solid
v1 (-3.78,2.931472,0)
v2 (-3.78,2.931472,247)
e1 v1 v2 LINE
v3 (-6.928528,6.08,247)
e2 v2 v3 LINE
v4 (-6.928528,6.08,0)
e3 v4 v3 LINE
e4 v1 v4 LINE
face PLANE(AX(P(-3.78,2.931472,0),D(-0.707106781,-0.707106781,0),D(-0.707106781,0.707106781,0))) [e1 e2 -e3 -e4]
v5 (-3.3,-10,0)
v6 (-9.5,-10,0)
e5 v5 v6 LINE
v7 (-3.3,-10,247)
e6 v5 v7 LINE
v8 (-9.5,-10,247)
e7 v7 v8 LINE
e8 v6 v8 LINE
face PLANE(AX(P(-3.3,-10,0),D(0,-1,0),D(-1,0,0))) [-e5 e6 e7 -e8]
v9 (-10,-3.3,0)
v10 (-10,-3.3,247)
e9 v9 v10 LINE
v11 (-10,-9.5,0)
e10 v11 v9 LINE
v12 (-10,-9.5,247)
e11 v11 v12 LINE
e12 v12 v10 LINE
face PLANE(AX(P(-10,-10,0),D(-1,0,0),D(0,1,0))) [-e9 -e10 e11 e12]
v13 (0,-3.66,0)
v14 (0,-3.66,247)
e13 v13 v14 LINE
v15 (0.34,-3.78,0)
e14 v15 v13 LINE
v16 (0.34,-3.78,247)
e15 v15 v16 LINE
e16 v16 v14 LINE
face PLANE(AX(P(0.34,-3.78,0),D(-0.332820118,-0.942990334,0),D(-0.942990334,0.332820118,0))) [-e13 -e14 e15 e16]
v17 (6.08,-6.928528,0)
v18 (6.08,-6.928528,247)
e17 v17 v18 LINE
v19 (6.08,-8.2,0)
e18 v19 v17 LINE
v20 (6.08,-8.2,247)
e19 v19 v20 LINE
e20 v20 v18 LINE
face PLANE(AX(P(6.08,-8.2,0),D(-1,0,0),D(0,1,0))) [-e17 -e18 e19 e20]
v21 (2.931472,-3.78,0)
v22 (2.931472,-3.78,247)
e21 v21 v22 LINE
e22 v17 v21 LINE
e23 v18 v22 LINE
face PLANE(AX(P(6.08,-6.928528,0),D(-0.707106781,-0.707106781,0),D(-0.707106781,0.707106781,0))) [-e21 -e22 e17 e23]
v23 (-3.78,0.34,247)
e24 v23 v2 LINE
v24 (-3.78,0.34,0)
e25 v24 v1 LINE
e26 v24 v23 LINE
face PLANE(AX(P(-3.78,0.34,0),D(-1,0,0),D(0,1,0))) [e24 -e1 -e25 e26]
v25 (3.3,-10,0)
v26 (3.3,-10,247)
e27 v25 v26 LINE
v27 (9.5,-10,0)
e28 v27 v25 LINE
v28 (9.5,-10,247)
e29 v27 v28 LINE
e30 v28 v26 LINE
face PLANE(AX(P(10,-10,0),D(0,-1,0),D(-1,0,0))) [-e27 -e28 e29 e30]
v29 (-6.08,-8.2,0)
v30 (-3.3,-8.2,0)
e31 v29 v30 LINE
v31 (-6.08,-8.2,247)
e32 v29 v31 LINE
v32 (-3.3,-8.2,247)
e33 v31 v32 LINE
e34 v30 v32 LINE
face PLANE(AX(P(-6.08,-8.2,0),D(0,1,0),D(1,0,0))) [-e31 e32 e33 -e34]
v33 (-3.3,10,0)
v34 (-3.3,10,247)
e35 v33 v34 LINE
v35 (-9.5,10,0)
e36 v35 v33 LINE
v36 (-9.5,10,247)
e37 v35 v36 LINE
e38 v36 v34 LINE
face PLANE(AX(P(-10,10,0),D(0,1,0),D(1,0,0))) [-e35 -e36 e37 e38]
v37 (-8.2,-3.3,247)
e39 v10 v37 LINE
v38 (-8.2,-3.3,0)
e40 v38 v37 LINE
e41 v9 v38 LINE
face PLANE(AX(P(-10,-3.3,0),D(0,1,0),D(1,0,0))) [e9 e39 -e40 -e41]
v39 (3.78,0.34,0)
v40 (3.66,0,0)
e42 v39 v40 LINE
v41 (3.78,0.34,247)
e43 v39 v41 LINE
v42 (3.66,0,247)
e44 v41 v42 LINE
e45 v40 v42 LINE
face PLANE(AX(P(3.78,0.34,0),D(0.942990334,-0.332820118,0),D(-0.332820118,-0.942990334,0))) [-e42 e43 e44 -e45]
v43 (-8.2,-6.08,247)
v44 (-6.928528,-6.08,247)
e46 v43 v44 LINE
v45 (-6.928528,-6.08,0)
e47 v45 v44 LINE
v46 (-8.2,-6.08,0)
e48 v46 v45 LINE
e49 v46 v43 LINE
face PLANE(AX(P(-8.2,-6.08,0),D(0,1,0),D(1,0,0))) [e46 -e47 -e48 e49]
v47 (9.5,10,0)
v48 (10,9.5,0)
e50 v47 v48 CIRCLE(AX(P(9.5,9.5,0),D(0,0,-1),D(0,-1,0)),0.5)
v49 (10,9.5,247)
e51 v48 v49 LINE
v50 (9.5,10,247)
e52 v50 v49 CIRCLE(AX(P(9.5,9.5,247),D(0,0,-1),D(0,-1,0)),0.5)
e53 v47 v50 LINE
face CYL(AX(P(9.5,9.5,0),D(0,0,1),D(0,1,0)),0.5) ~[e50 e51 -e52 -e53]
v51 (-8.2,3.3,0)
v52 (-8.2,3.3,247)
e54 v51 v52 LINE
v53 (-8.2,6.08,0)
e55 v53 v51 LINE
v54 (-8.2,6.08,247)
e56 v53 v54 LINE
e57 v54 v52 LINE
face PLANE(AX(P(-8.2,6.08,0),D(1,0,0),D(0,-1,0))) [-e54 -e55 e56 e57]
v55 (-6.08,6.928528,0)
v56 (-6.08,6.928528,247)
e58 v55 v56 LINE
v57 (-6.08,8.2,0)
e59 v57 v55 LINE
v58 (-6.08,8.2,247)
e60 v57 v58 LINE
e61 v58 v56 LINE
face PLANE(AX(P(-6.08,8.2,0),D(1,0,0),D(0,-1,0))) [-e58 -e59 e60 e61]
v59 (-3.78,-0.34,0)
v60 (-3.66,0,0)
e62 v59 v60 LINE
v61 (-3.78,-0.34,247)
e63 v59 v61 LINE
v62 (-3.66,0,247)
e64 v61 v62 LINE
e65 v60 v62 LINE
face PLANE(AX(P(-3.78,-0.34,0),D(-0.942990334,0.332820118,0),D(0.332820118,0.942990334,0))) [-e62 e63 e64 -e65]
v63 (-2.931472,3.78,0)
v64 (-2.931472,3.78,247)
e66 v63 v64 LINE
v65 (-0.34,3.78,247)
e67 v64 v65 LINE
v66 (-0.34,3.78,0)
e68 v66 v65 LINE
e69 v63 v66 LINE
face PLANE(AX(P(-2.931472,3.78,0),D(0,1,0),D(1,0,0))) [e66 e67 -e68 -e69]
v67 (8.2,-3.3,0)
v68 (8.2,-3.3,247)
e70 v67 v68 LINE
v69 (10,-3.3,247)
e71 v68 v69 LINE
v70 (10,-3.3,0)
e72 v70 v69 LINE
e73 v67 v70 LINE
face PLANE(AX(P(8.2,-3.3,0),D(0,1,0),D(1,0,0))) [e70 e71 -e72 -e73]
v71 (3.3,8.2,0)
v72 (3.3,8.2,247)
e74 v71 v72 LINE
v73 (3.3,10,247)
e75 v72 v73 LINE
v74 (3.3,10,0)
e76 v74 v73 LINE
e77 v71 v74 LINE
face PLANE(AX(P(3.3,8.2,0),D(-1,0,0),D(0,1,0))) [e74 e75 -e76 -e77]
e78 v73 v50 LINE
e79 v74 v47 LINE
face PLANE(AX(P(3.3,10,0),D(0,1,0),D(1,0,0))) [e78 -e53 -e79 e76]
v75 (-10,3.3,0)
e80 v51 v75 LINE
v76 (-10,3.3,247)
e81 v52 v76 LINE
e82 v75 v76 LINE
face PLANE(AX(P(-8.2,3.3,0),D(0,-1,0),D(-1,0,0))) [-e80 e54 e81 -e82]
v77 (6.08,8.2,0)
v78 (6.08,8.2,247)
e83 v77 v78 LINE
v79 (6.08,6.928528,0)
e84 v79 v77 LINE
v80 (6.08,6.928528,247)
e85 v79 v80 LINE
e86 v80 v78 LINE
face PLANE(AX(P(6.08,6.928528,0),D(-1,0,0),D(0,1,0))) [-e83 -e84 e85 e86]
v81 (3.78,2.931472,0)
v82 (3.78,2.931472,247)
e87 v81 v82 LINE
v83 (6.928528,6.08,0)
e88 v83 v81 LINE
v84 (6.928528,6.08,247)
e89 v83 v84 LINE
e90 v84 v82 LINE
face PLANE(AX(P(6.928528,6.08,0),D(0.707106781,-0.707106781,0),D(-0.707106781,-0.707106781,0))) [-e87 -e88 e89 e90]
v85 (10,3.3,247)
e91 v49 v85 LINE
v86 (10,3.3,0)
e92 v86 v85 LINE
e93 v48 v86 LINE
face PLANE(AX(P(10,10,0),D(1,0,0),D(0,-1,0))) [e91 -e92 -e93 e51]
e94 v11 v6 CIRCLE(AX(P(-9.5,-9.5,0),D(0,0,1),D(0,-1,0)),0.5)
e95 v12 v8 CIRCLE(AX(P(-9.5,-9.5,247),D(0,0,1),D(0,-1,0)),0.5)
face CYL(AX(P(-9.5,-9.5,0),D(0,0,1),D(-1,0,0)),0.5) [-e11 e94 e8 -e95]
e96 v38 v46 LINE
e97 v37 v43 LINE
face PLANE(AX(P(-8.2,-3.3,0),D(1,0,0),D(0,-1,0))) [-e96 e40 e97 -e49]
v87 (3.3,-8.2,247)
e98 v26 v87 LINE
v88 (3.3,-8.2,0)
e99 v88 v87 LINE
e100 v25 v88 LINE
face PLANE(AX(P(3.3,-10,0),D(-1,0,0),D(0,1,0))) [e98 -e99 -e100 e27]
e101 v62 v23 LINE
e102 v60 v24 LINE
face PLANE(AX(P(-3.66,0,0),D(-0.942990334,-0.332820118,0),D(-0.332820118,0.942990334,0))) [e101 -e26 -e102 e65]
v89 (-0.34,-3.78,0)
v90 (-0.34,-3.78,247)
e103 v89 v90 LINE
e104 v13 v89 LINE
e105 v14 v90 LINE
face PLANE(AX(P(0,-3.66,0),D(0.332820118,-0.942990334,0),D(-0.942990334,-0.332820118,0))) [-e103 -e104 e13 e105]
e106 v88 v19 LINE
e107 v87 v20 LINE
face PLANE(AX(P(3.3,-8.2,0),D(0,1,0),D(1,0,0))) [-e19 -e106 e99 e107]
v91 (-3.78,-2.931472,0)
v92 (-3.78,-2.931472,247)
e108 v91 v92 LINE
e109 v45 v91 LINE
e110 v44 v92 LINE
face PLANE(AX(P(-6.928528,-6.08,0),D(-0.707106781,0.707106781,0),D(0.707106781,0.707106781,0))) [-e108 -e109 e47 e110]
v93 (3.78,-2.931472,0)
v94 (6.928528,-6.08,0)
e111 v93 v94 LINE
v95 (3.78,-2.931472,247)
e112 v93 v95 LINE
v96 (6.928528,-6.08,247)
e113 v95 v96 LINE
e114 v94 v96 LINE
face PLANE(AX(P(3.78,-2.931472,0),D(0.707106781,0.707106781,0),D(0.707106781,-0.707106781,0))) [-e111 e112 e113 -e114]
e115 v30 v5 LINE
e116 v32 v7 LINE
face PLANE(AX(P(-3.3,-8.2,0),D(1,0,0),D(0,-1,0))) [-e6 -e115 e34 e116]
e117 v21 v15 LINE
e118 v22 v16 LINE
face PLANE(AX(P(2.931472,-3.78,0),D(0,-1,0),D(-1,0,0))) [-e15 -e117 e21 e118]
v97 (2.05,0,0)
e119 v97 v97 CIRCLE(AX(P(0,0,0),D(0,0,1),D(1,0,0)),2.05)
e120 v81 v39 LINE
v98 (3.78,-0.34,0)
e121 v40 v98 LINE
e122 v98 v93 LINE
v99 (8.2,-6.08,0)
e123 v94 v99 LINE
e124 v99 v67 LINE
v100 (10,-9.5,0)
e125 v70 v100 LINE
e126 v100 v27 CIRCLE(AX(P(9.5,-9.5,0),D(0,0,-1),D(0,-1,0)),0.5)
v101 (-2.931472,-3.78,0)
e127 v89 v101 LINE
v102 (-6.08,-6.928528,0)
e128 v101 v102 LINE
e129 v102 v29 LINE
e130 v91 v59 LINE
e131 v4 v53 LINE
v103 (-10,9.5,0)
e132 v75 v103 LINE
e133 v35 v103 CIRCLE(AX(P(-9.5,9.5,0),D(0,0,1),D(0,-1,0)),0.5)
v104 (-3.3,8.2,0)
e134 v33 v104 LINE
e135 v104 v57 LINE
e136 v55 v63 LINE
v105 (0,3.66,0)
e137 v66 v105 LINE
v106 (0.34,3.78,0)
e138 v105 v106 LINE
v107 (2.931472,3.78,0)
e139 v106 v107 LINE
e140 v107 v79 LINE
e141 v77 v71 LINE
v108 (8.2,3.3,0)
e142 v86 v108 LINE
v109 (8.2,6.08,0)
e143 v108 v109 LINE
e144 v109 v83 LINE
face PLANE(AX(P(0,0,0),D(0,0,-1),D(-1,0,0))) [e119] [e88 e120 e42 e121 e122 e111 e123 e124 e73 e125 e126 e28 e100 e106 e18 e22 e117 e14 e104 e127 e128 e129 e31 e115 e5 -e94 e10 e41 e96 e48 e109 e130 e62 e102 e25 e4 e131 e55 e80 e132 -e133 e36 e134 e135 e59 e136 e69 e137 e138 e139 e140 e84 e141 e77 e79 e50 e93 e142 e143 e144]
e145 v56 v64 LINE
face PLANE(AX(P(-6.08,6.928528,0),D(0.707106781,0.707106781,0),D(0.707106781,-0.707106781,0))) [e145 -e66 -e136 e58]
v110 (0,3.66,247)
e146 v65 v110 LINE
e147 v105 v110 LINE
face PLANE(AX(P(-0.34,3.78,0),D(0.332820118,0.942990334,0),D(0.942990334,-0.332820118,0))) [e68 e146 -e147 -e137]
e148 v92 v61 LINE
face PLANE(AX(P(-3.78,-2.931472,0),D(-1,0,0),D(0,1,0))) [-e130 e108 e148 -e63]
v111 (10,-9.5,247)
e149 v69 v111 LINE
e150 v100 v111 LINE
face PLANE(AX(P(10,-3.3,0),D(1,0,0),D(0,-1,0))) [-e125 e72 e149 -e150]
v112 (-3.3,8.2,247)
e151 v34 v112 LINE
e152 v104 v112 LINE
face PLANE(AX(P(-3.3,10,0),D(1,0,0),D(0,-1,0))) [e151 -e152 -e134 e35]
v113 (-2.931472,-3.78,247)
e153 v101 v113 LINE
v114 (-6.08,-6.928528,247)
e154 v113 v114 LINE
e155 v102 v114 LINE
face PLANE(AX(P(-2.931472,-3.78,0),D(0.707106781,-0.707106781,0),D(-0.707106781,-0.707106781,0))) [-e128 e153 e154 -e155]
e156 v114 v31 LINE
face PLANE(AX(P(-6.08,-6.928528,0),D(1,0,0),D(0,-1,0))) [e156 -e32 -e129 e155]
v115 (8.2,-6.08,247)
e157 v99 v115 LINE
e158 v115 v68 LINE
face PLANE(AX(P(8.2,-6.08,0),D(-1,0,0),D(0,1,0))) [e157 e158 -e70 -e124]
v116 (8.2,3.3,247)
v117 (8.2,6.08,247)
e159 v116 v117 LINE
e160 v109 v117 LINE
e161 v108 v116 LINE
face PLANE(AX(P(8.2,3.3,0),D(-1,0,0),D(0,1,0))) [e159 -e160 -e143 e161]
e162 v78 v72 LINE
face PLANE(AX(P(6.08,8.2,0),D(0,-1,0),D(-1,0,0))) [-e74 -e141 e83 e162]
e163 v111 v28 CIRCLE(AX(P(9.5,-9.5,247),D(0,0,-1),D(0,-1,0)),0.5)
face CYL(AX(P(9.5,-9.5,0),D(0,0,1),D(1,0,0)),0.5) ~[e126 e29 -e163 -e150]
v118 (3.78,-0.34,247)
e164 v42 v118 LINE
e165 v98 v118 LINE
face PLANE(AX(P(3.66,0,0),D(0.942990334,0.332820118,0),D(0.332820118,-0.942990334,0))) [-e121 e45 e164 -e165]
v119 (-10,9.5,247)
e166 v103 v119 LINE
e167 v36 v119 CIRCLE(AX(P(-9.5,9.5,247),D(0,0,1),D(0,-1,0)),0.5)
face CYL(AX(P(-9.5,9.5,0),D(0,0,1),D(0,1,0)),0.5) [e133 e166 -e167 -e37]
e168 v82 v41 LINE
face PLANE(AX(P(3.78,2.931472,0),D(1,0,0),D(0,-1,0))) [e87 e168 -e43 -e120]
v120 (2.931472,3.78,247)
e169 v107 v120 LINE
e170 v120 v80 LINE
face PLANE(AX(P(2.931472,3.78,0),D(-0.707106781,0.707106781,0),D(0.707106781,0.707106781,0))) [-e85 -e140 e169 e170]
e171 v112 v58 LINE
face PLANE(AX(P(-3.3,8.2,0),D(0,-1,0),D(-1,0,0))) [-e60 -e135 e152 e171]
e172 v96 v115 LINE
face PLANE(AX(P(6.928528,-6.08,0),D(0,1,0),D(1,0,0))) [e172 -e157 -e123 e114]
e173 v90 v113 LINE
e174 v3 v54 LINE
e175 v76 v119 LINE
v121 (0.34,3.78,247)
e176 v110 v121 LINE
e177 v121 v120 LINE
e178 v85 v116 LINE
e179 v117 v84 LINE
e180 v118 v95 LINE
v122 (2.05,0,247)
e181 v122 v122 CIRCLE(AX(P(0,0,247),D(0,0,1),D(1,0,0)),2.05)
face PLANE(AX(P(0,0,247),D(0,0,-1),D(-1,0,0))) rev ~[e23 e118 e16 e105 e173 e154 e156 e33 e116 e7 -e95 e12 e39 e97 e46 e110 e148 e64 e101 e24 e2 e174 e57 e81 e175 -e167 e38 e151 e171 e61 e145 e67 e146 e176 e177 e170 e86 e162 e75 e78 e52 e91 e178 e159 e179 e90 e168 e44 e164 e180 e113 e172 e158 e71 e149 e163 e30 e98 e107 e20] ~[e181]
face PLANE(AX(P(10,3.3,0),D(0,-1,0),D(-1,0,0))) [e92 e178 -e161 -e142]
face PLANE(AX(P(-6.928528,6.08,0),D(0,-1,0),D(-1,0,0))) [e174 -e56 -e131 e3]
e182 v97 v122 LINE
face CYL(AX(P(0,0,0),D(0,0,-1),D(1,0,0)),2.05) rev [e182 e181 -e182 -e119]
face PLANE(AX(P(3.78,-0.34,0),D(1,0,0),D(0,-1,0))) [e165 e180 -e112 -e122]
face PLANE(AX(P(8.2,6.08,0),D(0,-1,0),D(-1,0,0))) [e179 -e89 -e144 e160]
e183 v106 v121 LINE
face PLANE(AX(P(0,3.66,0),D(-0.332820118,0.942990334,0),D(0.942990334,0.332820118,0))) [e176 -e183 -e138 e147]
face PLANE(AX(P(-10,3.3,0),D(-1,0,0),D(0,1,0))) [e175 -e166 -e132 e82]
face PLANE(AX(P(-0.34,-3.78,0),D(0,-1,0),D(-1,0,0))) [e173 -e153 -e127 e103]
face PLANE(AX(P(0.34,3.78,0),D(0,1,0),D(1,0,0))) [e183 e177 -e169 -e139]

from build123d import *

# Parameters (mm, degrees)
SKETCH1_R           = 2.05
BOSS_EXTRUDE1_DEPTH = 247
FILLET1_R           = 0.5


with BuildPart() as part:
    # Sketch1 → Boss-Extrude1 (new body)
    with BuildSketch(Plane.XY):
        Polygon((-3.3, 10), (-3.3, 8.2), (-6.08, 8.2), (-6.08, 6.928528137), (-2.931471863, 3.78), (-0.34, 3.78), (0, 3.66), (0.34, 3.78), (2.931471863, 3.78), (6.08, 6.928528137), (6.08, 8.2), (3.3, 8.2), (3.3, 10), (10, 10), (10, 3.3), (8.2, 3.3), (8.2, 6.08), (6.928528137, 6.08), (3.78, 2.931471863), (3.78, 0.34), (3.66, 0), (3.78, -0.34), (3.78, -2.931471863), (6.928528137, -6.08), (8.2, -6.08), (8.2, -3.3), (10, -3.3), (10, -10), (3.3, -10), (3.3, -8.2), (6.08, -8.2), (6.08, -6.928528137), (2.931471863, -3.78), (0.34, -3.78), (0, -3.66), (-0.34, -3.78), (-2.931471863, -3.78), (-6.08, -6.928528137), (-6.08, -8.2), (-3.3, -8.2), (-3.3, -10), (-10, -10), (-10, -3.3), (-8.2, -3.3), (-8.2, -6.08), (-6.928528137, -6.08), (-3.78, -2.931471863), (-3.78, -0.34), (-3.66, 0), (-3.78, 0.34), (-3.78, 2.931471863), (-6.928528137, 6.08), (-8.2, 6.08), (-8.2, 3.3), (-10, 3.3), (-10, 10), align=None)
        Circle(SKETCH1_R, mode=Mode.SUBTRACT)
    extrude(amount=BOSS_EXTRUDE1_DEPTH)

    # Fillet1
    fillet1_edges = [part.edges().sort_by_distance(p)[0] for p in [
        (10, 10, 123.5),
        (10, -10, 123.5),
        (-10, -10, 123.5),
        (-10, 10, 123.5),
    ]]
    fillet(fillet1_edges, radius=FILLET1_R)


solid = part.part
